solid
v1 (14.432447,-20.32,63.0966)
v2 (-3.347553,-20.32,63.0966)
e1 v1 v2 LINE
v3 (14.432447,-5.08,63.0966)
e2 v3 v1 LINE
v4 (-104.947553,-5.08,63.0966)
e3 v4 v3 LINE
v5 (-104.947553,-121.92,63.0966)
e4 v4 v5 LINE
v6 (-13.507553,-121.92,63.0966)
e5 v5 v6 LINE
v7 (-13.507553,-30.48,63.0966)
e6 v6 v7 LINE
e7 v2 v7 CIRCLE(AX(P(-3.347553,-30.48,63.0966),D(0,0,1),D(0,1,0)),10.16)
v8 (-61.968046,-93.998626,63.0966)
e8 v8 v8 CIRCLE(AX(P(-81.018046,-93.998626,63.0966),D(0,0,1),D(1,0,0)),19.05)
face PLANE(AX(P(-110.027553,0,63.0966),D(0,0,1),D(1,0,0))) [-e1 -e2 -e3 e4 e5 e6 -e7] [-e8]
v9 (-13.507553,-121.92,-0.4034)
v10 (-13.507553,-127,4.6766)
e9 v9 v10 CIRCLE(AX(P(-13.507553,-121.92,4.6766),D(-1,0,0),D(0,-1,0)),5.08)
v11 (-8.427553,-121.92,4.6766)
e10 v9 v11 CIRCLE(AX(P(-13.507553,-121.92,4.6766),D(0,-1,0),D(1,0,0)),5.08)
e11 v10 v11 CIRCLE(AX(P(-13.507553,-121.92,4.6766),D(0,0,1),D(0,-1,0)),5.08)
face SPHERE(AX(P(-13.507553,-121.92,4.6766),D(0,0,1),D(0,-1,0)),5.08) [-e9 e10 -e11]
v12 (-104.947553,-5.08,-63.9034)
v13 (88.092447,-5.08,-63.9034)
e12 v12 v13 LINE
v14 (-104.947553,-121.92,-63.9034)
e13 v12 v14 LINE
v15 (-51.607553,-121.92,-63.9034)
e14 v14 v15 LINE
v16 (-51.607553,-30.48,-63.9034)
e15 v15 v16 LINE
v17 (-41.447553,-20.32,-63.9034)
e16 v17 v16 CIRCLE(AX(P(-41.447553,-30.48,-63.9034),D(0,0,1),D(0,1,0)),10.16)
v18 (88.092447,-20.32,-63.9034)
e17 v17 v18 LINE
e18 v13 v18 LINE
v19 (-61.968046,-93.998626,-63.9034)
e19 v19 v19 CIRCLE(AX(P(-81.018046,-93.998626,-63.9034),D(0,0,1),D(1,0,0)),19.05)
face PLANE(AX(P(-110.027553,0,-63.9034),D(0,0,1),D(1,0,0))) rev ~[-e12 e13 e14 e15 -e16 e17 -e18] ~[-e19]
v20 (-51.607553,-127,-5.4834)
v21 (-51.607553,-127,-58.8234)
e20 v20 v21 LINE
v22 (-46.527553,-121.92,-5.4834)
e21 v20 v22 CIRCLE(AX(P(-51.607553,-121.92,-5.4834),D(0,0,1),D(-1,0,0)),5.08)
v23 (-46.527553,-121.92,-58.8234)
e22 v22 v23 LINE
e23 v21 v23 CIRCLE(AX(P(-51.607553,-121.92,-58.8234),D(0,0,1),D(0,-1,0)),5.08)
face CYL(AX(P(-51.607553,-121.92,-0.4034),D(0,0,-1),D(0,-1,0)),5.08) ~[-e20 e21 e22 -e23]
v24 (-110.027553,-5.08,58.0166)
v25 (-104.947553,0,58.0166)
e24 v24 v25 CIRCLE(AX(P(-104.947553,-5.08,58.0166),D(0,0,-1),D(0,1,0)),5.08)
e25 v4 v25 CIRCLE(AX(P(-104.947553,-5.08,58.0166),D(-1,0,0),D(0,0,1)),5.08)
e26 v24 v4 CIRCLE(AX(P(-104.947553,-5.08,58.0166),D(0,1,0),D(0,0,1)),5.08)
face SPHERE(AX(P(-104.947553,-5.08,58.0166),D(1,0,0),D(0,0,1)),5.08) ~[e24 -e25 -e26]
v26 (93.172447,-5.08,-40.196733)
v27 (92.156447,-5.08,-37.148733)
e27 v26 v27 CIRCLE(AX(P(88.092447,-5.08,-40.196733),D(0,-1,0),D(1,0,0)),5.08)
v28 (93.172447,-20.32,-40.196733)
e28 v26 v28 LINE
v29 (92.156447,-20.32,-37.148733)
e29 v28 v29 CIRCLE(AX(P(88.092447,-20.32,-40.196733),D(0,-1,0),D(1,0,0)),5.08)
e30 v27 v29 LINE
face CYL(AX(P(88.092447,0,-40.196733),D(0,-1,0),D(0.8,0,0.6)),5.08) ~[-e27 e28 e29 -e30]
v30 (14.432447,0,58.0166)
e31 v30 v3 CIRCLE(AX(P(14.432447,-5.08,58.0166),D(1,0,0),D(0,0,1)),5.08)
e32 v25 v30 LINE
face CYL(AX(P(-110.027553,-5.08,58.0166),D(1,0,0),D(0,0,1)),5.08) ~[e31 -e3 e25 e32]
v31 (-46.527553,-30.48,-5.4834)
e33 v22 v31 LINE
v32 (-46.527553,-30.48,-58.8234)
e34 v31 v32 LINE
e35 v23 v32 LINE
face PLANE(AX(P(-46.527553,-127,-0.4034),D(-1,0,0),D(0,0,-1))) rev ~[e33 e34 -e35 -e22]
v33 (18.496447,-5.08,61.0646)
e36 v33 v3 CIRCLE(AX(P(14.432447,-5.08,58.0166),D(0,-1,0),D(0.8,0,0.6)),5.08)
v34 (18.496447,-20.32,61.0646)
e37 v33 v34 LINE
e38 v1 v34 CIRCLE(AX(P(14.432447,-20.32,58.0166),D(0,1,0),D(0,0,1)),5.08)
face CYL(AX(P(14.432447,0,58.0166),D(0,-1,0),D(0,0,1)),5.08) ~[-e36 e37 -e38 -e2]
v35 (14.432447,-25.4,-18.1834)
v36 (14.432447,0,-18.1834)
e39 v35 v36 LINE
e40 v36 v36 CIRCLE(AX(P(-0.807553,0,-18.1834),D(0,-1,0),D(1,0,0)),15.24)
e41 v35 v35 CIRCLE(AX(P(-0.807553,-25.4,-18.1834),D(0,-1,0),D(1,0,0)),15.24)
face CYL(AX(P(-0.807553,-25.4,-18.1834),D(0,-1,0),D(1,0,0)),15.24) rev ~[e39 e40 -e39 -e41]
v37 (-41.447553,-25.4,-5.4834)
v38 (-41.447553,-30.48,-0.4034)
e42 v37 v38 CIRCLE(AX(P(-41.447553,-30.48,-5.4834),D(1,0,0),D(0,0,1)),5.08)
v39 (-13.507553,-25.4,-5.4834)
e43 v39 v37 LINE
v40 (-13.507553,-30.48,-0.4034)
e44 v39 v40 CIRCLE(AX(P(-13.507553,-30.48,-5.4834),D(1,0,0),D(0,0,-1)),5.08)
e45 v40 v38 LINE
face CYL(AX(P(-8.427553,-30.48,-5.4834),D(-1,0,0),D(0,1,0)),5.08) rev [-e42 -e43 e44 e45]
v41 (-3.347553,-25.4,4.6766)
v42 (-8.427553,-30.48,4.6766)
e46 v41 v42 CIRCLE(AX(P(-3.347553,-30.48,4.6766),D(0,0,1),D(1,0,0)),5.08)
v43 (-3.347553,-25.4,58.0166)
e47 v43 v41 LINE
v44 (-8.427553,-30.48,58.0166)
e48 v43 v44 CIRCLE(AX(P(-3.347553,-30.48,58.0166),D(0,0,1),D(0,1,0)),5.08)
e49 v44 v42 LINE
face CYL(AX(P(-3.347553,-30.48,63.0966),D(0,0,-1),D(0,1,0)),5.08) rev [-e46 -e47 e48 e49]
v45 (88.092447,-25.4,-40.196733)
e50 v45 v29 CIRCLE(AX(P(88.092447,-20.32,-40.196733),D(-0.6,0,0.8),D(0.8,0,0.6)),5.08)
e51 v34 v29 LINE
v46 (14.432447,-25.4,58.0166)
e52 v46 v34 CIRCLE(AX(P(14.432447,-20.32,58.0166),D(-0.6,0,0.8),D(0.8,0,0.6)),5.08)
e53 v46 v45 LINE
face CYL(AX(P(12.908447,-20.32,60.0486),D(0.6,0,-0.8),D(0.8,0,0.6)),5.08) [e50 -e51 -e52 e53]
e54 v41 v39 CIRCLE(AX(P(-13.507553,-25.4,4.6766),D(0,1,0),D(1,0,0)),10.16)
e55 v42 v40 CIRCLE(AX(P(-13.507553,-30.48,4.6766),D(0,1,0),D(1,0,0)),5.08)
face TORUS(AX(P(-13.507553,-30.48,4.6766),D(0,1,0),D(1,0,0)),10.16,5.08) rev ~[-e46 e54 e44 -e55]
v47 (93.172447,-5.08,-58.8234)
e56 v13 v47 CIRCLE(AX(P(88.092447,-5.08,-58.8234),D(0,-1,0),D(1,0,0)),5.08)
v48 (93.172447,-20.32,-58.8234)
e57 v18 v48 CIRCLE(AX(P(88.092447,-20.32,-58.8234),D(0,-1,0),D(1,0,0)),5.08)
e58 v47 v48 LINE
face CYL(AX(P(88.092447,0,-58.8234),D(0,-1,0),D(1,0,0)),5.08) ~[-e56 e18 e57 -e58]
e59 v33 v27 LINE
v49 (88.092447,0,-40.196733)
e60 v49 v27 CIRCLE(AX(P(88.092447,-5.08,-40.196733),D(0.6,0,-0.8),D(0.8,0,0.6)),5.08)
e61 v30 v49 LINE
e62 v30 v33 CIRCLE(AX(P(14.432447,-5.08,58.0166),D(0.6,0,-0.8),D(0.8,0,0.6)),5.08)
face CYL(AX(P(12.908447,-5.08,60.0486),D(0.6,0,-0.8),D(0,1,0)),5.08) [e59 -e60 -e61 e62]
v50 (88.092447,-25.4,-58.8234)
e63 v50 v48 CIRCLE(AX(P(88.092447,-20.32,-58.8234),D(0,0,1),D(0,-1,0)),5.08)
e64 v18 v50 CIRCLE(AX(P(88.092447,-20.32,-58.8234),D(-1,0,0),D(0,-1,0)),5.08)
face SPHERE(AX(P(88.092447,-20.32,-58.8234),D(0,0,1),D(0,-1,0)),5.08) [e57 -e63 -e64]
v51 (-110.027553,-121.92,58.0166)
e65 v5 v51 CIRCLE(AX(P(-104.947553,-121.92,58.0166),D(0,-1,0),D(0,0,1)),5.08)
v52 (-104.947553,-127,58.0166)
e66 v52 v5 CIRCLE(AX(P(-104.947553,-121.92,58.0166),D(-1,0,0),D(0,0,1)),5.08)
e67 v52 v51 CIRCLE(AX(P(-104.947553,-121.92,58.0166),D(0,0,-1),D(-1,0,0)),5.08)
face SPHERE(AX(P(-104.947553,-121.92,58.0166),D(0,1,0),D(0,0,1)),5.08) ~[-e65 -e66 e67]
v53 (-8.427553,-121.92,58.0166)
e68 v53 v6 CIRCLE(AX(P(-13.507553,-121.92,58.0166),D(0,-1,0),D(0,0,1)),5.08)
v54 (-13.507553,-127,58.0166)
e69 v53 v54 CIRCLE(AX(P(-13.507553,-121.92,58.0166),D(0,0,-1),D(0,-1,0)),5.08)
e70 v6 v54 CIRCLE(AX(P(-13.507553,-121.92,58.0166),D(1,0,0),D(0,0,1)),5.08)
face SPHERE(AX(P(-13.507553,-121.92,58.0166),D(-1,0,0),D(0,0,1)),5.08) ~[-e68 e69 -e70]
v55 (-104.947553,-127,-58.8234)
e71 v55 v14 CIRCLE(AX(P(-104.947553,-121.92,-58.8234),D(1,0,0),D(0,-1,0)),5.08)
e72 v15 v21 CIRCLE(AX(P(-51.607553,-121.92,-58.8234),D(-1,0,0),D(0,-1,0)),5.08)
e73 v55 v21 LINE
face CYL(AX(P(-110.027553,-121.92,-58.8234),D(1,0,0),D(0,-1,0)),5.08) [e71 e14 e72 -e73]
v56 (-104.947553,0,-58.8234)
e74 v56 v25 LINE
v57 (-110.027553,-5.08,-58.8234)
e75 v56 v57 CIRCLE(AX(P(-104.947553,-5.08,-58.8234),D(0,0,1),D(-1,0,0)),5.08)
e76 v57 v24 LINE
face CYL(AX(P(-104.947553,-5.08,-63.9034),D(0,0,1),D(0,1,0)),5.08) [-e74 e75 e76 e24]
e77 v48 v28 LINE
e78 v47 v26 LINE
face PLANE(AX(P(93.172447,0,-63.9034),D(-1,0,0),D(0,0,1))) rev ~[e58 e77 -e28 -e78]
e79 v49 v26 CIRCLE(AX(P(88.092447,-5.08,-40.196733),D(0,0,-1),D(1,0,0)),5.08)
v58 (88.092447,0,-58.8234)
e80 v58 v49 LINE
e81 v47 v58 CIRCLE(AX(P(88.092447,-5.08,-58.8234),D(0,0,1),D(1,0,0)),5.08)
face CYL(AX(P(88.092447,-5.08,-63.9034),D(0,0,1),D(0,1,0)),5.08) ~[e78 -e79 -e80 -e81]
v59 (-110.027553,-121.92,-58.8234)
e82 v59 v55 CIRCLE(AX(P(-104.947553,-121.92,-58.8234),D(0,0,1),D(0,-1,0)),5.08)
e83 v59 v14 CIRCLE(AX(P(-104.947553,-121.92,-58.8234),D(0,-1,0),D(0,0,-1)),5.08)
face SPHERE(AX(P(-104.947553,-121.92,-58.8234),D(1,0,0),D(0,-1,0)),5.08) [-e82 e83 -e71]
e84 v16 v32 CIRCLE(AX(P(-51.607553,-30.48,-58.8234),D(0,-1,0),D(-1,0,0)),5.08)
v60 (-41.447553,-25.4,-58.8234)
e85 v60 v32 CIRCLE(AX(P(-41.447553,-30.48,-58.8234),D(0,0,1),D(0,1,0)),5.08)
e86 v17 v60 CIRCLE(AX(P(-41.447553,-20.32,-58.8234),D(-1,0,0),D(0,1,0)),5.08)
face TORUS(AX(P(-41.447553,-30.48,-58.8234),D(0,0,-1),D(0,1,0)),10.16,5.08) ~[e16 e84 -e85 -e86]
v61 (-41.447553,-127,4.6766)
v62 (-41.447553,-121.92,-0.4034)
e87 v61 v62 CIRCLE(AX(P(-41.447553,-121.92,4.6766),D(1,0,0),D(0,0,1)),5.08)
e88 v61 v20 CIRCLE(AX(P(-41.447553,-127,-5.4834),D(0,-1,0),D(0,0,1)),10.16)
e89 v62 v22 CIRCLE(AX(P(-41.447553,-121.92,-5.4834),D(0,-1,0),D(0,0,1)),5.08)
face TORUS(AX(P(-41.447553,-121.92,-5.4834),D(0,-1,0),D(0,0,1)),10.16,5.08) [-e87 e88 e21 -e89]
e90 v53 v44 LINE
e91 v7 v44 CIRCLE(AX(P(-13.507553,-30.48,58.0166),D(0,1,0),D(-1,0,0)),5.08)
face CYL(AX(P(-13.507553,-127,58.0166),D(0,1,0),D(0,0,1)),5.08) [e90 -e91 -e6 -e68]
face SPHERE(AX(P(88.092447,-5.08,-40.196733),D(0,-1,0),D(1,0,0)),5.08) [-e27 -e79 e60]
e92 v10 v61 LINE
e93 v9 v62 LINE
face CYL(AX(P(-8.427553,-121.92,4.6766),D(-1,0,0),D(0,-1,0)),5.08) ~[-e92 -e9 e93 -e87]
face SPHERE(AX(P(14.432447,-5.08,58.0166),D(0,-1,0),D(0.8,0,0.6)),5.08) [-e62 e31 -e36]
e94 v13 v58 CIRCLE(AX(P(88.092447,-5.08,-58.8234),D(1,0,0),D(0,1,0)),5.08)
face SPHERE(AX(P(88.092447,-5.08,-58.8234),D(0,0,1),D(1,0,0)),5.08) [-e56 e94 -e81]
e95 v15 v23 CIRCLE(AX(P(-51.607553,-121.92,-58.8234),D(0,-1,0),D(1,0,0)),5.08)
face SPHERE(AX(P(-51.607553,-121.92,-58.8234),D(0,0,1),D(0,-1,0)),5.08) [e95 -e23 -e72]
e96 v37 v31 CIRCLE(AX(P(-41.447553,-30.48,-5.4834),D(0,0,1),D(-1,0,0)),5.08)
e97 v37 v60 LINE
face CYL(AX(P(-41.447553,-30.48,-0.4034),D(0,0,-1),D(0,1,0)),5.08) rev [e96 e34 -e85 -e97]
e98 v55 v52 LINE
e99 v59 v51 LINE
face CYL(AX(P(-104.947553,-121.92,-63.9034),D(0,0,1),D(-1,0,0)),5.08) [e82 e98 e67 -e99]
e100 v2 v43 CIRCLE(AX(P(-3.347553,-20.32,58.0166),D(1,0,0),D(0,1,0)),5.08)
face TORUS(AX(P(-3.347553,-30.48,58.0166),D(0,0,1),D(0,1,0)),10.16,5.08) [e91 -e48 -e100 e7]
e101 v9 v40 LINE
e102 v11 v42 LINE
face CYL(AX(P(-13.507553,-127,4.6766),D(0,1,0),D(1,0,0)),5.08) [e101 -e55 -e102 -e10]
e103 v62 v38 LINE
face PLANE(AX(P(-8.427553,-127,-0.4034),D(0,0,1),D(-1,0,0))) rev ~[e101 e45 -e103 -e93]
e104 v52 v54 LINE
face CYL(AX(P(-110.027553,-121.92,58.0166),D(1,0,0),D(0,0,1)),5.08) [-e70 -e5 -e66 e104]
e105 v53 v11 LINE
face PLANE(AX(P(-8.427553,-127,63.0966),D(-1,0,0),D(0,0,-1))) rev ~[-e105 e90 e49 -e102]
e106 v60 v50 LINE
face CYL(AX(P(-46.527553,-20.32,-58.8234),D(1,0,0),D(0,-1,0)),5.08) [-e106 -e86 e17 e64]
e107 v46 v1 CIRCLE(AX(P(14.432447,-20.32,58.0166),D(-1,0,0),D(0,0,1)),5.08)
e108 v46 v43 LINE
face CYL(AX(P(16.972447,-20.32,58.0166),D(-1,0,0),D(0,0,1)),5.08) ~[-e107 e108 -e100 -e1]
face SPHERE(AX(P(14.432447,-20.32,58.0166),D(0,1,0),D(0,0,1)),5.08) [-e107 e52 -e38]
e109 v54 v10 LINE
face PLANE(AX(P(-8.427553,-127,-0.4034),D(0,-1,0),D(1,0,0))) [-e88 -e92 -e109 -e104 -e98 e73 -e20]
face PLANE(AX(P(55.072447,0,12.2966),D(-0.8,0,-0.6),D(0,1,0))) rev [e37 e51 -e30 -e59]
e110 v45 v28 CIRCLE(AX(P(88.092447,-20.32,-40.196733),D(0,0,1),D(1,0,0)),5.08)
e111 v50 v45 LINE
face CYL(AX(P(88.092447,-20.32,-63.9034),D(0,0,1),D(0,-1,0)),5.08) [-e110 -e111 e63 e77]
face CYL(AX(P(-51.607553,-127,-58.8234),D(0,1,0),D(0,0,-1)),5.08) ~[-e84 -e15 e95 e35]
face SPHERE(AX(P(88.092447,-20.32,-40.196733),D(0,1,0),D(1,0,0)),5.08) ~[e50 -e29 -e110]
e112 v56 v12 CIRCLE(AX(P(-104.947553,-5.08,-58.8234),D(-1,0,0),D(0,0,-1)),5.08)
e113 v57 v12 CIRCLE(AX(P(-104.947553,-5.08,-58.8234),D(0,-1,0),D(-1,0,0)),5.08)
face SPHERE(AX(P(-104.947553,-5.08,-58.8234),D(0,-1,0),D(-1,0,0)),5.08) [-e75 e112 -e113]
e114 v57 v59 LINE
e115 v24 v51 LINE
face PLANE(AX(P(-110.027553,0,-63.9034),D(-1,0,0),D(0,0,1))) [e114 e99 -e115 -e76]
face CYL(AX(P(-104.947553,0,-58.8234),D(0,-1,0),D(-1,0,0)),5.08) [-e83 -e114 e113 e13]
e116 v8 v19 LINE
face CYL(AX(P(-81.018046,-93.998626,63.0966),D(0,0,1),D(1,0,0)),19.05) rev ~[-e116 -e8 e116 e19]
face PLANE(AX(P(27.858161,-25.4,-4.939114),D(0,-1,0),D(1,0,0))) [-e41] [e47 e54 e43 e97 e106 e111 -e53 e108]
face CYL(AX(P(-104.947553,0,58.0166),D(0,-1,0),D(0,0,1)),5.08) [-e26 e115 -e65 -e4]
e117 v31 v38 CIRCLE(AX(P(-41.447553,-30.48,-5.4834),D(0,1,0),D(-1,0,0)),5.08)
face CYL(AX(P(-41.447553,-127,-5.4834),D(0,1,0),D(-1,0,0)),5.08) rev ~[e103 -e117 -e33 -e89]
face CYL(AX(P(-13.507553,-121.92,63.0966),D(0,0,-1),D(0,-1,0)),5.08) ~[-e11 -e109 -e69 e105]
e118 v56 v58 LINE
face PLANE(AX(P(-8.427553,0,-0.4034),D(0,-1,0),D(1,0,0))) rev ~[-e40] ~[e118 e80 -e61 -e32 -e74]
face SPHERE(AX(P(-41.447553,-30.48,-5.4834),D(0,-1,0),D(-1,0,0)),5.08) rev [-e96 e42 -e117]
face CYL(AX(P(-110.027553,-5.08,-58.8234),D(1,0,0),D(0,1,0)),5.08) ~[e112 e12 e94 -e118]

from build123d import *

# Parameters (mm, degrees)
F0_W     = 203.2
F0_H     = 127
F1_DEPTH = 127
F3_DEPTH = 101.6
F4_SIZE2 = 101.6
F4_SIZE  = 76.2
F5_R     = 5.08
F6_R     = 15.24
F7_DEPTH = 25.4
F8_R     = 19.05
F9_DEPTH = 127


with BuildPart() as f1:
    # F0 (on Front) → F1 (new body)
    with BuildSketch(Plane.XZ):
        with Locations((-8.4275533497, -0.4033995528)):
            Rectangle(F0_W, F0_H)
    extrude(amount=F1_DEPTH)

    # F2 (on face) → F3 (cut)
    with BuildSketch(Plane.XZ.offset(127)):
        Polygon((-46.5275533497, -0.4033995528), (-46.5275533497, -63.9033995528), (93.1724466503, -63.9033995528), (93.1724466503, 63.0966004472), (-8.4275533497, 63.0966004472), (-8.4275533497, -0.4033995528), align=None)
    extrude(amount=-F3_DEPTH, mode=Mode.SUBTRACT)

    # F4
    f4_edges = [f1.edges().sort_by_distance(p)[0] for p in [
        (93.172447, -12.7, 63.0966),
    ]]
    f4_side = f1.faces().sort_by_distance((-42.29422, -55.033333, 63.0966))[0]
    chamfer(f4_edges, length=F4_SIZE, length2=F4_SIZE2, reference=f4_side)

    # F5
    f5_edges = [f1.edges().sort_by_distance(p)[0] for p in [
        (-46.527553, 0, 63.0966),
        (16.972447, -12.7, 63.0966),
        (-110.027553, -63.5, 63.0966),
        (4.272447, -25.4, 63.0966),
        (-59.227553, -127, 63.0966),
        (-8.427553, -76.2, 63.0966),
        (-8.427553, -127, 31.3466),
        (-27.477553, -127, -0.4034),
        (-46.527553, -127, -32.1534),
        (-78.277553, -127, -63.9034),
        (-110.027553, -127, -0.4034),
        (-8.427553, -76.2, -0.4034),
        (-8.427553, -25.4, 31.3466),
        (-46.527553, -76.2, -0.4034),
        (-46.527553, -76.2, -63.9034),
        (-46.527553, -25.4, -32.1534),
        (93.172447, -25.4, -51.2034),
        (55.072447, -25.4, 12.2966),
        (23.322447, -25.4, -63.9034),
        (-27.477553, -25.4, -0.4034),
        (55.072447, 0, 12.2966),
        (93.172447, -12.7, -38.5034),
        (93.172447, 0, -51.2034),
        (93.172447, -12.7, -63.9034),
        (-110.027553, -63.5, -63.9034),
        (-110.027553, 0, -0.4034),
        (-8.427553, 0, -63.9034),
    ]]
    fillet(f5_edges, radius=F5_R)

    # F6 (on face) → F7 (cut, through all)
    with BuildSketch(Plane.XZ.offset(25.4)):
        with Locations((-0.8075533497, -18.1833995528)):
            Circle(F6_R)
    extrude(amount=-F7_DEPTH, mode=Mode.SUBTRACT)

    # F8 (on face) → F9 (cut, through all)
    with BuildSketch(Plane.XY.offset(63.0966004472)):
        with Locations((-81.0180455446, -93.9986258745)):
            Circle(F8_R)
    extrude(amount=-F9_DEPTH, mode=Mode.SUBTRACT)


solid = f1.part
